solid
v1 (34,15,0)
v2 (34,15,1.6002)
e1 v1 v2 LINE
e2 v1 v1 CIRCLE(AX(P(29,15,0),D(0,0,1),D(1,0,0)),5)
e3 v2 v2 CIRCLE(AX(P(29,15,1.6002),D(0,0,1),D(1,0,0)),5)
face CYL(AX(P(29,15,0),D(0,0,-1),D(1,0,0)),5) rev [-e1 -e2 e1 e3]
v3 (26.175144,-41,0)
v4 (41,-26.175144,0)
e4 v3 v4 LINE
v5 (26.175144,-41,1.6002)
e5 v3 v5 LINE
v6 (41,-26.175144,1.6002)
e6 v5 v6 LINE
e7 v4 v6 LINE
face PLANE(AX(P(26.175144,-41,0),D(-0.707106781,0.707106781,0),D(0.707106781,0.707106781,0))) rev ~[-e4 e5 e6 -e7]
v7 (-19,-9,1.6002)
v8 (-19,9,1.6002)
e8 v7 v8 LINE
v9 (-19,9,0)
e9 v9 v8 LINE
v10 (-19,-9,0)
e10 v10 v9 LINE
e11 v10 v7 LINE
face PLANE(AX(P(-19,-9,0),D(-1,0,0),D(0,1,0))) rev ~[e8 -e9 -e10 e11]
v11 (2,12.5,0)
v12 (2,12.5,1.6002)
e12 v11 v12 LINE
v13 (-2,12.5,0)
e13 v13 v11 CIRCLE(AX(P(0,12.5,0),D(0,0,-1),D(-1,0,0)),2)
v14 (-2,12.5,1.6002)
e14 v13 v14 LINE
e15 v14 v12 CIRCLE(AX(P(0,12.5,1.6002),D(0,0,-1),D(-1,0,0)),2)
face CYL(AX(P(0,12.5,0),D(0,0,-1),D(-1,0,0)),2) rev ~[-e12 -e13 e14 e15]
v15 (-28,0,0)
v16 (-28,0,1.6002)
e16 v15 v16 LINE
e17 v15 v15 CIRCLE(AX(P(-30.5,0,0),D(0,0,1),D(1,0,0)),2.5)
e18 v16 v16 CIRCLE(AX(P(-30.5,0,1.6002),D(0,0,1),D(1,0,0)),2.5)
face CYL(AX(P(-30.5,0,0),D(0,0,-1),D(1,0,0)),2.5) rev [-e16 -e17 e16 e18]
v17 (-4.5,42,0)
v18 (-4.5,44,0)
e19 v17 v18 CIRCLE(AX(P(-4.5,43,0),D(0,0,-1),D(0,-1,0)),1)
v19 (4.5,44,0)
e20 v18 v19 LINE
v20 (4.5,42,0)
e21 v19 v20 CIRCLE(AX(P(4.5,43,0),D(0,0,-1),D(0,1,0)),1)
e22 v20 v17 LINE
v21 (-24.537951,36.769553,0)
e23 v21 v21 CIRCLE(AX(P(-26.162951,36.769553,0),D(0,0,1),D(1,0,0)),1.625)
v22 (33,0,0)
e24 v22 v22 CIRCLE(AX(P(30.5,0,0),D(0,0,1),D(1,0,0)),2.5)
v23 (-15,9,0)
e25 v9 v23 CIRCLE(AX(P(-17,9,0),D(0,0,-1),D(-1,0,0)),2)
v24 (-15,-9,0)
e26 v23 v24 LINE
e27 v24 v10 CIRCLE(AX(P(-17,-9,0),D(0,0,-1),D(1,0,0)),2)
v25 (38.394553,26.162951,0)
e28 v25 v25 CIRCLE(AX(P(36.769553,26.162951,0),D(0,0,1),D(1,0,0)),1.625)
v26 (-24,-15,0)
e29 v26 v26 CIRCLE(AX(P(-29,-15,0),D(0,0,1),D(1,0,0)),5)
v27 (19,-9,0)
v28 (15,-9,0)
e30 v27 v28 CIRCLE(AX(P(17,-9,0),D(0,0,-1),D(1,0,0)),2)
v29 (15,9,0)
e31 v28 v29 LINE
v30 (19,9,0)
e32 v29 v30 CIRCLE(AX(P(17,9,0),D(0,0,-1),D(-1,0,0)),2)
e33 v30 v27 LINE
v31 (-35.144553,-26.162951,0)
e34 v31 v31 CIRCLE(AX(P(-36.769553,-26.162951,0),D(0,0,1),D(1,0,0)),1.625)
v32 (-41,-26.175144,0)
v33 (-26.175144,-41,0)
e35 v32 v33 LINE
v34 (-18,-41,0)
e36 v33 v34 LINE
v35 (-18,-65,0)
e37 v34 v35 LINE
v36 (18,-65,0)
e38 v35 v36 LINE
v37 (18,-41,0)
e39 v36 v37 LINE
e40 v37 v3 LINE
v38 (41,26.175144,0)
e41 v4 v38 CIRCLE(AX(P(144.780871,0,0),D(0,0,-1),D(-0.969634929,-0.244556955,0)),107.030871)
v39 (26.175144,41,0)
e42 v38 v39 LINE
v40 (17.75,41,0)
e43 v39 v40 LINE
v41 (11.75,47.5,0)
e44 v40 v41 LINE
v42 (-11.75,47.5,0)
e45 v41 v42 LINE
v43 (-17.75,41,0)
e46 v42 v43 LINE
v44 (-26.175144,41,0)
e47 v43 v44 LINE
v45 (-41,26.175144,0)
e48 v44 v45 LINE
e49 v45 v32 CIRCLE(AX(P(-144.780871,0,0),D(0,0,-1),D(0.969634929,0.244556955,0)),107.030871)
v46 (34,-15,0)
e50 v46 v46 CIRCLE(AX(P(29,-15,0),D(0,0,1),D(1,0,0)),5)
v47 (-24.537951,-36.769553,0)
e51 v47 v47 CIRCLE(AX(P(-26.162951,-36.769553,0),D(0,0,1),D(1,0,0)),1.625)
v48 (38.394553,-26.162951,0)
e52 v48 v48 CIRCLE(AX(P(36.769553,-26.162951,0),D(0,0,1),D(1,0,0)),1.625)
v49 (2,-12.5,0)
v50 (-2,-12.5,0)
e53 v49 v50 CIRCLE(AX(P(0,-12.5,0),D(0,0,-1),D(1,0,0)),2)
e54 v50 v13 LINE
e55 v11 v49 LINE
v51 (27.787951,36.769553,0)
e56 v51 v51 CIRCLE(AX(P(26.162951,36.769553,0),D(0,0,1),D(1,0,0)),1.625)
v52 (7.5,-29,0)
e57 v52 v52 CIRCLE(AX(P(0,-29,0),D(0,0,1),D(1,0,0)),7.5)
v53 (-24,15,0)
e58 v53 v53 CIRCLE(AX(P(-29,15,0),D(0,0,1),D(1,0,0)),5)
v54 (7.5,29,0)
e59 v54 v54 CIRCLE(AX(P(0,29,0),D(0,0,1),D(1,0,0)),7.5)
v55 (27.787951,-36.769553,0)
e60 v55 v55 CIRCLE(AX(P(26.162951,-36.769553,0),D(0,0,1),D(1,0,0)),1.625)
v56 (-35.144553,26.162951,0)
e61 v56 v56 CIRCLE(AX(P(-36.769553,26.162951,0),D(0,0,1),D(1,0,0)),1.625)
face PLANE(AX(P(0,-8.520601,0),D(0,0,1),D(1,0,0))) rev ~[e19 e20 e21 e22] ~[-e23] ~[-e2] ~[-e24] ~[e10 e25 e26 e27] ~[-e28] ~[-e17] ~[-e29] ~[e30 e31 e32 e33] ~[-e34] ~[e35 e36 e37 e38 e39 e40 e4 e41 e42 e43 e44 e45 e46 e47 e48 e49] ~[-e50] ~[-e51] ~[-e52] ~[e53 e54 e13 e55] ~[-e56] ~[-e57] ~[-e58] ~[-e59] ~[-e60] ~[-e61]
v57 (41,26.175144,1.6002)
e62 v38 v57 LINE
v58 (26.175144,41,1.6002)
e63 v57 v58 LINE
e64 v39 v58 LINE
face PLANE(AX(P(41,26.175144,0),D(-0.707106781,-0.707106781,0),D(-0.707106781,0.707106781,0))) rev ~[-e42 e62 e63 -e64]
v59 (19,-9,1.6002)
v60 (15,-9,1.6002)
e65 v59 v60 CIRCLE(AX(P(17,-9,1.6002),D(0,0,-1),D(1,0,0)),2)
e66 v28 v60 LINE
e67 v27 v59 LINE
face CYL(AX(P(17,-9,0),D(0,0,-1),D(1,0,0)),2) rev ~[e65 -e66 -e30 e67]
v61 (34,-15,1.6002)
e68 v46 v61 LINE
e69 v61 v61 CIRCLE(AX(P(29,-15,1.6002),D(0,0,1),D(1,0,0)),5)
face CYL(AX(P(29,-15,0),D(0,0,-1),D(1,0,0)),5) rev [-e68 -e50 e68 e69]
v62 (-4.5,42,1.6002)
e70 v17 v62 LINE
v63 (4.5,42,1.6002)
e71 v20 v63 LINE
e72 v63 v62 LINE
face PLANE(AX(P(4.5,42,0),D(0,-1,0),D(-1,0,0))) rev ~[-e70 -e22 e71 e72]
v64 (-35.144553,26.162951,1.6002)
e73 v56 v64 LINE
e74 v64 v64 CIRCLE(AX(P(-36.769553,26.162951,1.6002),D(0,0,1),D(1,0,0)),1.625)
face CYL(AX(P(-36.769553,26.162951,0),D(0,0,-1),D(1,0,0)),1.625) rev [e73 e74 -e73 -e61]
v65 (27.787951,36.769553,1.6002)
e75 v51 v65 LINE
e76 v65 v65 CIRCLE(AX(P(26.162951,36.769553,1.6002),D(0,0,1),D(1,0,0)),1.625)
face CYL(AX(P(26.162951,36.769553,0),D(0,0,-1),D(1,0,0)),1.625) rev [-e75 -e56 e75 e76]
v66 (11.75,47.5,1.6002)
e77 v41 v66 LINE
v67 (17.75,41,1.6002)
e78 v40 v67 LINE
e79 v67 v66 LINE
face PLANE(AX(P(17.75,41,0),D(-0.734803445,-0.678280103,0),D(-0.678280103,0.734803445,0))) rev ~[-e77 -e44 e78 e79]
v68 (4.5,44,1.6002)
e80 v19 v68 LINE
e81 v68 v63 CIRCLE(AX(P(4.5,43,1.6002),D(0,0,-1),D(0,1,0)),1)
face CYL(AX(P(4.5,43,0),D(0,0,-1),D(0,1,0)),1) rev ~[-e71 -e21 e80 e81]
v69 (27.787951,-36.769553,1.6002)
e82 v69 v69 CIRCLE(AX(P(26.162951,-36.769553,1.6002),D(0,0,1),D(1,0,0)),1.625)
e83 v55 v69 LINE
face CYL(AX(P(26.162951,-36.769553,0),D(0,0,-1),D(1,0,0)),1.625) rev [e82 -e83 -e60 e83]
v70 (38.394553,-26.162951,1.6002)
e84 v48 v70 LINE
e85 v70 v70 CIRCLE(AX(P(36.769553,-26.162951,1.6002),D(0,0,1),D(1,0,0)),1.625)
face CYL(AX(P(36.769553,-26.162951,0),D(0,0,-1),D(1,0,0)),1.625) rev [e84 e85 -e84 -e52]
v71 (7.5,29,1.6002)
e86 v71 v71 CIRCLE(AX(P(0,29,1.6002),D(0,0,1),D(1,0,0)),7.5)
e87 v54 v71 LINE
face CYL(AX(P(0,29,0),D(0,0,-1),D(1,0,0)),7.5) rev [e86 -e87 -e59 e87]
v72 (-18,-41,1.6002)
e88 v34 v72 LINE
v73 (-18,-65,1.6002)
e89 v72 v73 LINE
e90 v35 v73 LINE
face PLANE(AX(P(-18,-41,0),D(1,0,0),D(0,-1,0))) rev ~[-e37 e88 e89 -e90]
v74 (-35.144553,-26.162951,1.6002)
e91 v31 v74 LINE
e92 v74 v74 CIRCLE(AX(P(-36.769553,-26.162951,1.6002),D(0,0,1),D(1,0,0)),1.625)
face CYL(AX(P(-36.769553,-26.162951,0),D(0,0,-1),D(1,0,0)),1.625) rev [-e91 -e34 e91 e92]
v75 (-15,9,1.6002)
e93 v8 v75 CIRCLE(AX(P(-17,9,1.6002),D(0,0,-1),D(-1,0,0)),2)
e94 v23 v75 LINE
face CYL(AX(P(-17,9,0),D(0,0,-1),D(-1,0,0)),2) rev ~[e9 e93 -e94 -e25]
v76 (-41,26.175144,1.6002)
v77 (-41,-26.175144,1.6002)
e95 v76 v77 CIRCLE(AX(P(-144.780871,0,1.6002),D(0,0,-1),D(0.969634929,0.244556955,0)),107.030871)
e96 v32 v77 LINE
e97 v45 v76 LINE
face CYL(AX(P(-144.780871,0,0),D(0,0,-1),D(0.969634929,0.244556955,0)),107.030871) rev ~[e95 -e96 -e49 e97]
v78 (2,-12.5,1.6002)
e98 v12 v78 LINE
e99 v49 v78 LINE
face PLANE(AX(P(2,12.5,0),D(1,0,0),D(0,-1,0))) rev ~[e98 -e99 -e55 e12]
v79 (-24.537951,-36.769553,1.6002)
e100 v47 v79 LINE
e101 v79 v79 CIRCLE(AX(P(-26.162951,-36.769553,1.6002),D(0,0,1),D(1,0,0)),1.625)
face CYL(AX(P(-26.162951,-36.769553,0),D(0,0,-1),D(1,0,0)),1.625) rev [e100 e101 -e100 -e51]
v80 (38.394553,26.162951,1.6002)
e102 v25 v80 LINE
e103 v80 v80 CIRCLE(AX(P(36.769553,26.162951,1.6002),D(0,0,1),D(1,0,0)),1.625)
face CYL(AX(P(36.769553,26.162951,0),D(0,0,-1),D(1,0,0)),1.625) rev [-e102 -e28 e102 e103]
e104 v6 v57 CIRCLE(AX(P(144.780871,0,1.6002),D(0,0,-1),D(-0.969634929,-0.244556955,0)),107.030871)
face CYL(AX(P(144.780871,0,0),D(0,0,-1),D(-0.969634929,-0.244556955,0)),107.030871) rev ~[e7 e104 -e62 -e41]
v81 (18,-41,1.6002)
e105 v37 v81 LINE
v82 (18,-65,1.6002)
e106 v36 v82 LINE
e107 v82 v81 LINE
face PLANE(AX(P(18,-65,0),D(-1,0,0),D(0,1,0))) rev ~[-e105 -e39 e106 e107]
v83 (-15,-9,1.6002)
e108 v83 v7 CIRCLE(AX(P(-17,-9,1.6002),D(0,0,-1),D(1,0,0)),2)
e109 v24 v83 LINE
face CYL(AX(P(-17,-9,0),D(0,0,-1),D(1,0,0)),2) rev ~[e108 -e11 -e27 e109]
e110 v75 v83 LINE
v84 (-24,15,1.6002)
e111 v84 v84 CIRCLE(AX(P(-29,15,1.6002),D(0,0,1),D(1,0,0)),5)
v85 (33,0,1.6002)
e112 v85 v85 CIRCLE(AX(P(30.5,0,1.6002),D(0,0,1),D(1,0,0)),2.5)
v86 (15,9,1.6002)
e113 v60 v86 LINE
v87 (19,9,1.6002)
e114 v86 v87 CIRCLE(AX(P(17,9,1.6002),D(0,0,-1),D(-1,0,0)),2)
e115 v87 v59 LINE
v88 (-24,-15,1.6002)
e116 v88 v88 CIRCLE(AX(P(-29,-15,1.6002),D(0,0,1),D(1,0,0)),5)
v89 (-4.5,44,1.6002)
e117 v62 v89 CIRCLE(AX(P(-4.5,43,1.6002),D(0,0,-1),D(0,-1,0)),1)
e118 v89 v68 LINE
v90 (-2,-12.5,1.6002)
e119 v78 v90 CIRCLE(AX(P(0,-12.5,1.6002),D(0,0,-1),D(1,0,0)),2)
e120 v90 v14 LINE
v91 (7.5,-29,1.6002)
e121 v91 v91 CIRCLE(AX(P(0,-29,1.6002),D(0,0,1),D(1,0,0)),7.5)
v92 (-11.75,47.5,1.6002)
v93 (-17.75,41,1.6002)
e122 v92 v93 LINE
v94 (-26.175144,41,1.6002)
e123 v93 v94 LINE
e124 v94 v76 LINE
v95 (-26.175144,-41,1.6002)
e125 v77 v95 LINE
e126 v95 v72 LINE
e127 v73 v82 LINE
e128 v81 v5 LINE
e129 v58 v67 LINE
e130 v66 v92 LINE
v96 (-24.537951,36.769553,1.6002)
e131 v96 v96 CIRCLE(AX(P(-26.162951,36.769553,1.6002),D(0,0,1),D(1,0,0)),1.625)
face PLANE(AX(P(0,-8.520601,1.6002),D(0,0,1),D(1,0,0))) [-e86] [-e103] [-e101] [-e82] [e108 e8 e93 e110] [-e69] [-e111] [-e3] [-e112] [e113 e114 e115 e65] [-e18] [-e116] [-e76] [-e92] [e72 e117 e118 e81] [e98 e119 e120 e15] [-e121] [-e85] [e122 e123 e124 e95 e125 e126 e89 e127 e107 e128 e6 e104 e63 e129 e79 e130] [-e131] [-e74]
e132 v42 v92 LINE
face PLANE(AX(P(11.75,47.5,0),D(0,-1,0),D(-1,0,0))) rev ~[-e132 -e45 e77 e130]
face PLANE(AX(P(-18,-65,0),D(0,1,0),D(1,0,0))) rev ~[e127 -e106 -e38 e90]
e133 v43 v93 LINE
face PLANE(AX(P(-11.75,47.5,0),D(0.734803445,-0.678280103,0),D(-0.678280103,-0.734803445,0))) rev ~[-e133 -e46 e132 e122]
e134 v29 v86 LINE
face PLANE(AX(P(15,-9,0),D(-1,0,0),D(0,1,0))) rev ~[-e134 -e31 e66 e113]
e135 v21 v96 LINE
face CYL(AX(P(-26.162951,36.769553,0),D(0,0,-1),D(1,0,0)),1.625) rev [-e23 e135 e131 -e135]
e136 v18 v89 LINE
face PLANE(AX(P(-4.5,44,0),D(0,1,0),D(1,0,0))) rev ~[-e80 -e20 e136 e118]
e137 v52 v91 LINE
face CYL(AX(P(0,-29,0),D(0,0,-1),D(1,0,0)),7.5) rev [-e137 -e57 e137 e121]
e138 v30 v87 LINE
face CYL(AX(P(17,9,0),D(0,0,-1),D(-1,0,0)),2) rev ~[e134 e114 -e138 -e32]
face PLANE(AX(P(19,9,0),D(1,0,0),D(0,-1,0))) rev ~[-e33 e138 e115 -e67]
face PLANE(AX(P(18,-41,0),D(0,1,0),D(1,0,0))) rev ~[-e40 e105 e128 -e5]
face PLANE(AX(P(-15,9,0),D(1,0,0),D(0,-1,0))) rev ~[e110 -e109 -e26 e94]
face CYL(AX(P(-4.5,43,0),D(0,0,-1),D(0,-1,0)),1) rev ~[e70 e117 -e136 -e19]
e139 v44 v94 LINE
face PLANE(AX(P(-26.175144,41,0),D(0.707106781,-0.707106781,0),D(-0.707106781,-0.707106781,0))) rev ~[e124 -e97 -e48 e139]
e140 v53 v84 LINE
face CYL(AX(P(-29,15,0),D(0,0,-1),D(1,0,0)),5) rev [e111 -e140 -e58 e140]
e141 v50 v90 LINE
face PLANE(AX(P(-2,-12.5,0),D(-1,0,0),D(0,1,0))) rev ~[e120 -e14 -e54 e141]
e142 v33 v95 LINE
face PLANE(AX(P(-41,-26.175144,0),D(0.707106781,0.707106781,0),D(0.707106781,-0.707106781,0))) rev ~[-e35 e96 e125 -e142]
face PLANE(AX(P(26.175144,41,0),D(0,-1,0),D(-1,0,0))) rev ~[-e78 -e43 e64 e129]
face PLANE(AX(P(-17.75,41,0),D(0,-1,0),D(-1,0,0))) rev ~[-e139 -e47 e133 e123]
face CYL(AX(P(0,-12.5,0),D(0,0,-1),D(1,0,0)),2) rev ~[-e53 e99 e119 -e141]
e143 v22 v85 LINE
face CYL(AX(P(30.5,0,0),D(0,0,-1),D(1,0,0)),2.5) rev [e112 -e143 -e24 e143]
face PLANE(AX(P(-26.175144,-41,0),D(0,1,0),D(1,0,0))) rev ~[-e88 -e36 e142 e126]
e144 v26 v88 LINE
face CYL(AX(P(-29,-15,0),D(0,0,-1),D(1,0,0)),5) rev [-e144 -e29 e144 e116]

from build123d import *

# Parameters (mm, degrees)
F0_R     = 1.625
F0_R_2   = 5
F0_R_3   = 7.5
F0_R_4   = 2.5
F1_DEPTH = 1.6002


with BuildPart() as f1:
    # F0 (on Top) → F1 (new body)
    with BuildSketch(Plane.XY):
        with BuildLine():
            Line((11.75, 47.5), (-11.75, 47.5))
            Line((-11.75, 47.5), (-17.75, 41))
            Line((-17.75, 41), (-26.175144, 41))
            Line((-26.175144, 41), (-41, 26.175144))
            ThreePointArc((-41, 26.175144), (-37.75, 0), (-41, -26.175144))
            Line((-41, -26.175144), (-26.175144, -41))
            Line((-26.175144, -41), (-18, -41))
            Line((-18, -41), (-18, -65))
            Line((-18, -65), (18, -65))
            Line((18, -65), (18, -41))
            Line((18, -41), (26.175144, -41))
            Line((26.175144, -41), (41, -26.175144))
            ThreePointArc((41, -26.175144), (37.75, 0), (41, 26.175144))
            Line((41, 26.175144), (26.175144, 41))
            Line((26.175144, 41), (17.75, 41))
            Line((17.75, 41), (11.75, 47.5))
        make_face()
        with Locations((-36.769553, -26.162951)):
            Circle(F0_R, mode=Mode.SUBTRACT)
        with Locations((-26.162951, -36.769553)):
            Circle(F0_R, mode=Mode.SUBTRACT)
        with Locations((-29, -15)):
            Circle(F0_R_2, mode=Mode.SUBTRACT)
        with Locations((0, -29)):
            Circle(F0_R_3, mode=Mode.SUBTRACT)
        with Locations((26.162951, -36.769553)):
            Circle(F0_R, mode=Mode.SUBTRACT)
        with Locations((36.769553, -26.162951)):
            Circle(F0_R, mode=Mode.SUBTRACT)
        with Locations((29, -15)):
            Circle(F0_R_2, mode=Mode.SUBTRACT)
        with Locations((-30.5, 0)):
            Circle(F0_R_4, mode=Mode.SUBTRACT)
        with Locations((-29, 15)):
            Circle(F0_R_2, mode=Mode.SUBTRACT)
        with BuildLine():
            Line((-19, -9), (-19, 9))
            ThreePointArc((-19, 9), (-17, 11), (-15, 9))
            Line((-15, 9), (-15, -9))
            ThreePointArc((-15, -9), (-17, -11), (-19, -9))
        make_face(mode=Mode.SUBTRACT)
        with Locations((-36.769553, 26.162951)):
            Circle(F0_R, mode=Mode.SUBTRACT)
        with Locations((-26.162951, 36.769553)):
            Circle(F0_R, mode=Mode.SUBTRACT)
        with BuildLine():
            Line((-2, -12.5), (-2, 12.5))
            ThreePointArc((-2, 12.5), (0, 14.5), (2, 12.5))
            Line((2, 12.5), (2, -12.5))
            ThreePointArc((2, -12.5), (0, -14.5), (-2, -12.5))
        make_face(mode=Mode.SUBTRACT)
        with BuildLine():
            Line((19, 9), (19, -9))
            ThreePointArc((19, -9), (17, -11), (15, -9))
            Line((15, -9), (15, 9))
            ThreePointArc((15, 9), (17, 11), (19, 9))
        make_face(mode=Mode.SUBTRACT)
        with Locations((30.5, 0)):
            Circle(F0_R_4, mode=Mode.SUBTRACT)
        with Locations((29, 15)):
            Circle(F0_R_2, mode=Mode.SUBTRACT)
        with Locations((0, 29)):
            Circle(F0_R_3, mode=Mode.SUBTRACT)
        with BuildLine():
            ThreePointArc((-4.5, 42), (-5.5, 43), (-4.5, 44))
            Line((-4.5, 44), (4.5, 44))
            ThreePointArc((4.5, 44), (5.5, 43), (4.5, 42))
            Line((4.5, 42), (-4.5, 42))
        make_face(mode=Mode.SUBTRACT)
        with Locations((36.769553, 26.162951)):
            Circle(F0_R, mode=Mode.SUBTRACT)
        with Locations((26.162951, 36.769553)):
            Circle(F0_R, mode=Mode.SUBTRACT)
    extrude(amount=F1_DEPTH)


solid = f1.part
